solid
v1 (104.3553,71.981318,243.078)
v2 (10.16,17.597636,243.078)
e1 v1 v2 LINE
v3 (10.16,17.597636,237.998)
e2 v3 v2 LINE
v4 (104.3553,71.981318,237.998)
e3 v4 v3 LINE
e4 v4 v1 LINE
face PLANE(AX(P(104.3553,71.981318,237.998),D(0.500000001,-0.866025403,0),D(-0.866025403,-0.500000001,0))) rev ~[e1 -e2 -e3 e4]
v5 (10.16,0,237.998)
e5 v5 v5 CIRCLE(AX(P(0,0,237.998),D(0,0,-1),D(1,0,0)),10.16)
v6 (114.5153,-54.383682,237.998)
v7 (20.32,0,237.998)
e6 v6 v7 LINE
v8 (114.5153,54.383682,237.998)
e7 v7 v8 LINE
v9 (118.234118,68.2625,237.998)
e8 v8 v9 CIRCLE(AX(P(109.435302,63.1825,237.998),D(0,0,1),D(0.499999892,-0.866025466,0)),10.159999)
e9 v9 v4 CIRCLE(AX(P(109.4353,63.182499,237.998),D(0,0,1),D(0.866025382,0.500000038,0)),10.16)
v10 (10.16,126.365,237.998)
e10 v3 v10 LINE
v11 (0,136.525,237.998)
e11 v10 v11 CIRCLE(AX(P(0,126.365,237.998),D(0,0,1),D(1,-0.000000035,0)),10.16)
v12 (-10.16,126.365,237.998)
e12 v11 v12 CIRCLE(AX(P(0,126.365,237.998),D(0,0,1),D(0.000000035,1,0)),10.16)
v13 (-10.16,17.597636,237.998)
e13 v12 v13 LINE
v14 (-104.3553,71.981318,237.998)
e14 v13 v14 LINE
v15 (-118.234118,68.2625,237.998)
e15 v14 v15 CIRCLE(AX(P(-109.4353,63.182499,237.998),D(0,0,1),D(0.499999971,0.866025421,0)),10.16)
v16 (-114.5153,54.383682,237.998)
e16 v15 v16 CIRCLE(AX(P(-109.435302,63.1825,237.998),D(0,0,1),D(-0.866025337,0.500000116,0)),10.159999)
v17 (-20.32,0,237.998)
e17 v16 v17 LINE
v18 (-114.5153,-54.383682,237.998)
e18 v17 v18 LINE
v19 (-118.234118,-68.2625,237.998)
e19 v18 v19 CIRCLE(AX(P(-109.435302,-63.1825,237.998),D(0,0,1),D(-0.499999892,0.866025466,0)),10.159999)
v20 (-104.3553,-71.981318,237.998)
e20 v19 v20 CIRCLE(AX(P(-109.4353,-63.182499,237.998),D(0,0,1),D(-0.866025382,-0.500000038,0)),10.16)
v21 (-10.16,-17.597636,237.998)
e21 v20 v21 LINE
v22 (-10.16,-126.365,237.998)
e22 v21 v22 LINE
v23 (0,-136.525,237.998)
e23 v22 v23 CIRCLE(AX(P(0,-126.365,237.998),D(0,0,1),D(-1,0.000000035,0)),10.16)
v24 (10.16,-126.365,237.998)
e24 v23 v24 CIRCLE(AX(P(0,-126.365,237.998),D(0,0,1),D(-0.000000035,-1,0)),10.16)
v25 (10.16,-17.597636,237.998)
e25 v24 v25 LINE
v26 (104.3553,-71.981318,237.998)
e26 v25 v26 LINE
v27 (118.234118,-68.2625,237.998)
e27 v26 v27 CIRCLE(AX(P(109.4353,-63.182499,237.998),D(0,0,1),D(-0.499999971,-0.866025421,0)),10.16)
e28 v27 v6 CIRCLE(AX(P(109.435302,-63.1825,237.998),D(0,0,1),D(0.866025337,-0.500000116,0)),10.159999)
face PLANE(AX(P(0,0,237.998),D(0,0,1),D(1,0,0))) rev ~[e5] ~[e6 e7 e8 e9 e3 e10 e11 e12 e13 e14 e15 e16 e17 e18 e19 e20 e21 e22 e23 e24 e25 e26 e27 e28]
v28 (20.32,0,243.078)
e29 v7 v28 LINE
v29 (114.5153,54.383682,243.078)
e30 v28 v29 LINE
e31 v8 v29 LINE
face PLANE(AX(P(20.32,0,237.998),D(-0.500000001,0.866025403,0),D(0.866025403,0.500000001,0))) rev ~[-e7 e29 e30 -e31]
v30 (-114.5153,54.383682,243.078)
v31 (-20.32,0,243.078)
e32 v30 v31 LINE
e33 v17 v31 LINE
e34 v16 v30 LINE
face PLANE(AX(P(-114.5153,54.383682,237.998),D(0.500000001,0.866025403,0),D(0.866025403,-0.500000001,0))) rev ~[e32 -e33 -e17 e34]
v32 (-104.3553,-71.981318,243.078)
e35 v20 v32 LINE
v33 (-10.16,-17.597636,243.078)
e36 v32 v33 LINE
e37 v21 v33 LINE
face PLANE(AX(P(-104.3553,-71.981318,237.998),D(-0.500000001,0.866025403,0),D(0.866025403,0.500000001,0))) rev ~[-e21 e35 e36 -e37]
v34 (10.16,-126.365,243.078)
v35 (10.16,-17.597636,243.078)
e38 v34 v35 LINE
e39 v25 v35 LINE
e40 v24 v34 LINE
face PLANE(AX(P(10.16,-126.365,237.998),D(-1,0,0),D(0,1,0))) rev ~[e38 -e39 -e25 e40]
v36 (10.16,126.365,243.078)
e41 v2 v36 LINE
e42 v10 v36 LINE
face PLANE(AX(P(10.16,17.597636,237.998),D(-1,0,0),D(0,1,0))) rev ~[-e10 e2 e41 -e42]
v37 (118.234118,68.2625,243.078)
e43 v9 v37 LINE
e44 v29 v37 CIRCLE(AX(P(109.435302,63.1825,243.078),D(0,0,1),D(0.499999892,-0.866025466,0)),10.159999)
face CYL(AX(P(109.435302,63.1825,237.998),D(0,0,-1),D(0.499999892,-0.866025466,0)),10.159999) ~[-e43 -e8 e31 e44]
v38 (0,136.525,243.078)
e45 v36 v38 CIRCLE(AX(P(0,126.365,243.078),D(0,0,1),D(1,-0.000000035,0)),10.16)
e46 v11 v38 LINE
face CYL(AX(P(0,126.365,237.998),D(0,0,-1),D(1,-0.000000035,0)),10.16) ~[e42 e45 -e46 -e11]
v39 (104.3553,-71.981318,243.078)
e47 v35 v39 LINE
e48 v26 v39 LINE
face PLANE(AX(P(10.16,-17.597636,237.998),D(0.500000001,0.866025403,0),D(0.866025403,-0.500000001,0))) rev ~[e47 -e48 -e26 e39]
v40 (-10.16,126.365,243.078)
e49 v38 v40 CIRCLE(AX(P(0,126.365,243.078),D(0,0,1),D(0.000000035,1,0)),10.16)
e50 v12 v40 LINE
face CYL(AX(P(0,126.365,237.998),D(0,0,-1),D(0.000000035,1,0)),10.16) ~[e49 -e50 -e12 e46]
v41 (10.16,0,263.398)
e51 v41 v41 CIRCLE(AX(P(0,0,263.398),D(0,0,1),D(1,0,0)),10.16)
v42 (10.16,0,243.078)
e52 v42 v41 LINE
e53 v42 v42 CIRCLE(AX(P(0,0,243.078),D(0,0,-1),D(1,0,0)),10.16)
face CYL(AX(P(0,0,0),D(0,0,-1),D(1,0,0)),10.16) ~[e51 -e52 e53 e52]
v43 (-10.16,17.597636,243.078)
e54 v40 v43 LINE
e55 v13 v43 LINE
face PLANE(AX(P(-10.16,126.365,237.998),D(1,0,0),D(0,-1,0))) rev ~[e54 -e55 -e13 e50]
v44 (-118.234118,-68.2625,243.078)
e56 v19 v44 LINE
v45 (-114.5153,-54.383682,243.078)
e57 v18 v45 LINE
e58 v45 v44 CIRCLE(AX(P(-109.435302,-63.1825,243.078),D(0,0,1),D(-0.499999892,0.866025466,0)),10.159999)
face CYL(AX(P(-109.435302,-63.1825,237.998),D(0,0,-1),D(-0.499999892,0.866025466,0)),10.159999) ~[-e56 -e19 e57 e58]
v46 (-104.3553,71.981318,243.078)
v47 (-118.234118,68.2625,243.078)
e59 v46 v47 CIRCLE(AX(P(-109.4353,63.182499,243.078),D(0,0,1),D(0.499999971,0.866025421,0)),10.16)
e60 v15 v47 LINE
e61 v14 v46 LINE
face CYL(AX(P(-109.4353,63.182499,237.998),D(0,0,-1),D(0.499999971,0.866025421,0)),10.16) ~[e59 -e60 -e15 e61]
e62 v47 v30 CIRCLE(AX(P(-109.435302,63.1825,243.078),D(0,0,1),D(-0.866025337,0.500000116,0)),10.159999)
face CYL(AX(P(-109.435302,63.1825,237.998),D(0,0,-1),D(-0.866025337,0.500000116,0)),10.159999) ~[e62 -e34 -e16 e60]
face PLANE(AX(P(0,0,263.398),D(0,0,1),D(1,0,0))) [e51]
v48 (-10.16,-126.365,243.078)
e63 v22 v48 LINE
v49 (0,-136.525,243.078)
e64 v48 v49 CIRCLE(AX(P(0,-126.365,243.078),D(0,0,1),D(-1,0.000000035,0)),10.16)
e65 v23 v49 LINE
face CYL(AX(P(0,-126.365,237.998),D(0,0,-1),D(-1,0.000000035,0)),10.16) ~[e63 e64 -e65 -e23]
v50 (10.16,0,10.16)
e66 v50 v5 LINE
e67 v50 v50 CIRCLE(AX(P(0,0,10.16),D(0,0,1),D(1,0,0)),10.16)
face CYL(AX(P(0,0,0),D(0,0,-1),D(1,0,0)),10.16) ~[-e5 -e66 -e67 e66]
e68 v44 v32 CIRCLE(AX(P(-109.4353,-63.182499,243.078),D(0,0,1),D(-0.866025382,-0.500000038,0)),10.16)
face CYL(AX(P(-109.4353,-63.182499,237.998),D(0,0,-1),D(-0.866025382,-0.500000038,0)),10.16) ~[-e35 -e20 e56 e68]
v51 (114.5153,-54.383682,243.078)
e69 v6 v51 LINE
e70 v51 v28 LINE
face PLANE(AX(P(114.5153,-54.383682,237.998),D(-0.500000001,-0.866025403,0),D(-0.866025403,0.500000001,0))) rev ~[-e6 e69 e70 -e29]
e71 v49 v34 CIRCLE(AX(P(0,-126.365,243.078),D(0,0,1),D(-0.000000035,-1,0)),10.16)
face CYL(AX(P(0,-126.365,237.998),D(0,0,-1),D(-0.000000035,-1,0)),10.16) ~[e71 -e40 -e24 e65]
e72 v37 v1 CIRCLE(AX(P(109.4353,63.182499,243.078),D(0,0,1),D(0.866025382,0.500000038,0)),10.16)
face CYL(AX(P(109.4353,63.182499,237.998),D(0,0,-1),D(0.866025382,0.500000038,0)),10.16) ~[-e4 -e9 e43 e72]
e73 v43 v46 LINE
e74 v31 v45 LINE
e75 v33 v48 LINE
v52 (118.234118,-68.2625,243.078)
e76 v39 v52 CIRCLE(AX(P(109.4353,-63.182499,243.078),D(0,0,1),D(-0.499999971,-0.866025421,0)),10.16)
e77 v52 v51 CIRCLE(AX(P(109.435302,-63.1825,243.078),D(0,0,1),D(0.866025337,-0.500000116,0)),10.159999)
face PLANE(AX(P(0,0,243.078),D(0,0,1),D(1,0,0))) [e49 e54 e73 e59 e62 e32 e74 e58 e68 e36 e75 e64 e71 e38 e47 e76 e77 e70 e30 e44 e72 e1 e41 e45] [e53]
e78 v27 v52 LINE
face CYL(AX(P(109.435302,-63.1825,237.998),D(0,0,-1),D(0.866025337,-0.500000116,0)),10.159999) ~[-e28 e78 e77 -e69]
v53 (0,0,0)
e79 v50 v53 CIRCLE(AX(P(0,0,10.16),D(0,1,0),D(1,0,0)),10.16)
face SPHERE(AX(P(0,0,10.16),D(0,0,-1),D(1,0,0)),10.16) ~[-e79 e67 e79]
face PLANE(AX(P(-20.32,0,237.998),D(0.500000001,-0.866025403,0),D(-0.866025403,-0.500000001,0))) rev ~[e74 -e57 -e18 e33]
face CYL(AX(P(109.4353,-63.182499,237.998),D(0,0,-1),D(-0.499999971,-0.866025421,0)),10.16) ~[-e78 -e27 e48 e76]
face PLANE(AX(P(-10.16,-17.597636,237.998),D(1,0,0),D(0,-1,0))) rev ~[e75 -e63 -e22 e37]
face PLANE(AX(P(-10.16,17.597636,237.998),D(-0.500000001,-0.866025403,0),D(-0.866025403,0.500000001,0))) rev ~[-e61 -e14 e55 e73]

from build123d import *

# Parameters (mm, degrees)
F0_R     = 10.16
F1_DEPTH = 263.398
F4_DEPTH = 5.08
F5_R     = 10.16


with BuildPart() as f1:
    # F0 (on Top) → F1 (new body)
    with BuildSketch(Plane.XY):
        Circle(F0_R)
    extrude(amount=F1_DEPTH)

    # F3 (on offset) → F4 (join)
    with BuildSketch(Plane.XY.offset(237.998)):
        with BuildLine():
            ThreePointArc((0, 136.525), (-7.184205, 133.549205), (-10.16, 126.365))
            Line((-10.16, 126.365), (-10.16, 17.597636))
            Line((-10.16, 17.597636), (-104.3553, 71.981318))
            ThreePointArc((-104.3553, 71.981318), (-112.064902, 72.996306), (-118.234118, 68.2625))
            ThreePointArc((-118.234118, 68.2625), (-119.249107, 60.552899), (-114.5153, 54.383682))
            Line((-114.5153, 54.383682), (-20.32, 0))
            Line((-20.32, 0), (-114.5153, -54.383682))
            ThreePointArc((-114.5153, -54.383682), (-119.249107, -60.552899), (-118.234118, -68.2625))
            ThreePointArc((-118.234118, -68.2625), (-112.064902, -72.996306), (-104.3553, -71.981318))
            Line((-104.3553, -71.981318), (-10.16, -17.597636))
            Line((-10.16, -17.597636), (-10.16, -126.365))
            ThreePointArc((-10.16, -126.365), (-7.184205, -133.549205), (0, -136.525))
            ThreePointArc((0, -136.525), (7.184205, -133.549205), (10.16, -126.365))
            Line((10.16, -126.365), (10.16, -17.597636))
            Line((10.16, -17.597636), (104.3553, -71.981318))
            ThreePointArc((104.3553, -71.981318), (112.064902, -72.996306), (118.234118, -68.2625))
            ThreePointArc((118.234118, -68.2625), (119.249107, -60.552899), (114.5153, -54.383682))
            Line((114.5153, -54.383682), (20.32, 0))
            Line((20.32, 0), (114.5153, 54.383682))
            ThreePointArc((114.5153, 54.383682), (119.249107, 60.552899), (118.234118, 68.2625))
            ThreePointArc((118.234118, 68.2625), (112.064902, 72.996306), (104.3553, 71.981318))
            Line((104.3553, 71.981318), (10.16, 17.597636))
            Line((10.16, 17.597636), (10.16, 126.365))
            ThreePointArc((10.16, 126.365), (7.184205, 133.549205), (0, 136.525))
        make_face()
    extrude(amount=F4_DEPTH)

    # F5
    f5_edges = [f1.edges().sort_by_distance(p)[0] for p in [
        (-10.16, 0, 0),
    ]]
    fillet(f5_edges, radius=F5_R)


solid = f1.part
